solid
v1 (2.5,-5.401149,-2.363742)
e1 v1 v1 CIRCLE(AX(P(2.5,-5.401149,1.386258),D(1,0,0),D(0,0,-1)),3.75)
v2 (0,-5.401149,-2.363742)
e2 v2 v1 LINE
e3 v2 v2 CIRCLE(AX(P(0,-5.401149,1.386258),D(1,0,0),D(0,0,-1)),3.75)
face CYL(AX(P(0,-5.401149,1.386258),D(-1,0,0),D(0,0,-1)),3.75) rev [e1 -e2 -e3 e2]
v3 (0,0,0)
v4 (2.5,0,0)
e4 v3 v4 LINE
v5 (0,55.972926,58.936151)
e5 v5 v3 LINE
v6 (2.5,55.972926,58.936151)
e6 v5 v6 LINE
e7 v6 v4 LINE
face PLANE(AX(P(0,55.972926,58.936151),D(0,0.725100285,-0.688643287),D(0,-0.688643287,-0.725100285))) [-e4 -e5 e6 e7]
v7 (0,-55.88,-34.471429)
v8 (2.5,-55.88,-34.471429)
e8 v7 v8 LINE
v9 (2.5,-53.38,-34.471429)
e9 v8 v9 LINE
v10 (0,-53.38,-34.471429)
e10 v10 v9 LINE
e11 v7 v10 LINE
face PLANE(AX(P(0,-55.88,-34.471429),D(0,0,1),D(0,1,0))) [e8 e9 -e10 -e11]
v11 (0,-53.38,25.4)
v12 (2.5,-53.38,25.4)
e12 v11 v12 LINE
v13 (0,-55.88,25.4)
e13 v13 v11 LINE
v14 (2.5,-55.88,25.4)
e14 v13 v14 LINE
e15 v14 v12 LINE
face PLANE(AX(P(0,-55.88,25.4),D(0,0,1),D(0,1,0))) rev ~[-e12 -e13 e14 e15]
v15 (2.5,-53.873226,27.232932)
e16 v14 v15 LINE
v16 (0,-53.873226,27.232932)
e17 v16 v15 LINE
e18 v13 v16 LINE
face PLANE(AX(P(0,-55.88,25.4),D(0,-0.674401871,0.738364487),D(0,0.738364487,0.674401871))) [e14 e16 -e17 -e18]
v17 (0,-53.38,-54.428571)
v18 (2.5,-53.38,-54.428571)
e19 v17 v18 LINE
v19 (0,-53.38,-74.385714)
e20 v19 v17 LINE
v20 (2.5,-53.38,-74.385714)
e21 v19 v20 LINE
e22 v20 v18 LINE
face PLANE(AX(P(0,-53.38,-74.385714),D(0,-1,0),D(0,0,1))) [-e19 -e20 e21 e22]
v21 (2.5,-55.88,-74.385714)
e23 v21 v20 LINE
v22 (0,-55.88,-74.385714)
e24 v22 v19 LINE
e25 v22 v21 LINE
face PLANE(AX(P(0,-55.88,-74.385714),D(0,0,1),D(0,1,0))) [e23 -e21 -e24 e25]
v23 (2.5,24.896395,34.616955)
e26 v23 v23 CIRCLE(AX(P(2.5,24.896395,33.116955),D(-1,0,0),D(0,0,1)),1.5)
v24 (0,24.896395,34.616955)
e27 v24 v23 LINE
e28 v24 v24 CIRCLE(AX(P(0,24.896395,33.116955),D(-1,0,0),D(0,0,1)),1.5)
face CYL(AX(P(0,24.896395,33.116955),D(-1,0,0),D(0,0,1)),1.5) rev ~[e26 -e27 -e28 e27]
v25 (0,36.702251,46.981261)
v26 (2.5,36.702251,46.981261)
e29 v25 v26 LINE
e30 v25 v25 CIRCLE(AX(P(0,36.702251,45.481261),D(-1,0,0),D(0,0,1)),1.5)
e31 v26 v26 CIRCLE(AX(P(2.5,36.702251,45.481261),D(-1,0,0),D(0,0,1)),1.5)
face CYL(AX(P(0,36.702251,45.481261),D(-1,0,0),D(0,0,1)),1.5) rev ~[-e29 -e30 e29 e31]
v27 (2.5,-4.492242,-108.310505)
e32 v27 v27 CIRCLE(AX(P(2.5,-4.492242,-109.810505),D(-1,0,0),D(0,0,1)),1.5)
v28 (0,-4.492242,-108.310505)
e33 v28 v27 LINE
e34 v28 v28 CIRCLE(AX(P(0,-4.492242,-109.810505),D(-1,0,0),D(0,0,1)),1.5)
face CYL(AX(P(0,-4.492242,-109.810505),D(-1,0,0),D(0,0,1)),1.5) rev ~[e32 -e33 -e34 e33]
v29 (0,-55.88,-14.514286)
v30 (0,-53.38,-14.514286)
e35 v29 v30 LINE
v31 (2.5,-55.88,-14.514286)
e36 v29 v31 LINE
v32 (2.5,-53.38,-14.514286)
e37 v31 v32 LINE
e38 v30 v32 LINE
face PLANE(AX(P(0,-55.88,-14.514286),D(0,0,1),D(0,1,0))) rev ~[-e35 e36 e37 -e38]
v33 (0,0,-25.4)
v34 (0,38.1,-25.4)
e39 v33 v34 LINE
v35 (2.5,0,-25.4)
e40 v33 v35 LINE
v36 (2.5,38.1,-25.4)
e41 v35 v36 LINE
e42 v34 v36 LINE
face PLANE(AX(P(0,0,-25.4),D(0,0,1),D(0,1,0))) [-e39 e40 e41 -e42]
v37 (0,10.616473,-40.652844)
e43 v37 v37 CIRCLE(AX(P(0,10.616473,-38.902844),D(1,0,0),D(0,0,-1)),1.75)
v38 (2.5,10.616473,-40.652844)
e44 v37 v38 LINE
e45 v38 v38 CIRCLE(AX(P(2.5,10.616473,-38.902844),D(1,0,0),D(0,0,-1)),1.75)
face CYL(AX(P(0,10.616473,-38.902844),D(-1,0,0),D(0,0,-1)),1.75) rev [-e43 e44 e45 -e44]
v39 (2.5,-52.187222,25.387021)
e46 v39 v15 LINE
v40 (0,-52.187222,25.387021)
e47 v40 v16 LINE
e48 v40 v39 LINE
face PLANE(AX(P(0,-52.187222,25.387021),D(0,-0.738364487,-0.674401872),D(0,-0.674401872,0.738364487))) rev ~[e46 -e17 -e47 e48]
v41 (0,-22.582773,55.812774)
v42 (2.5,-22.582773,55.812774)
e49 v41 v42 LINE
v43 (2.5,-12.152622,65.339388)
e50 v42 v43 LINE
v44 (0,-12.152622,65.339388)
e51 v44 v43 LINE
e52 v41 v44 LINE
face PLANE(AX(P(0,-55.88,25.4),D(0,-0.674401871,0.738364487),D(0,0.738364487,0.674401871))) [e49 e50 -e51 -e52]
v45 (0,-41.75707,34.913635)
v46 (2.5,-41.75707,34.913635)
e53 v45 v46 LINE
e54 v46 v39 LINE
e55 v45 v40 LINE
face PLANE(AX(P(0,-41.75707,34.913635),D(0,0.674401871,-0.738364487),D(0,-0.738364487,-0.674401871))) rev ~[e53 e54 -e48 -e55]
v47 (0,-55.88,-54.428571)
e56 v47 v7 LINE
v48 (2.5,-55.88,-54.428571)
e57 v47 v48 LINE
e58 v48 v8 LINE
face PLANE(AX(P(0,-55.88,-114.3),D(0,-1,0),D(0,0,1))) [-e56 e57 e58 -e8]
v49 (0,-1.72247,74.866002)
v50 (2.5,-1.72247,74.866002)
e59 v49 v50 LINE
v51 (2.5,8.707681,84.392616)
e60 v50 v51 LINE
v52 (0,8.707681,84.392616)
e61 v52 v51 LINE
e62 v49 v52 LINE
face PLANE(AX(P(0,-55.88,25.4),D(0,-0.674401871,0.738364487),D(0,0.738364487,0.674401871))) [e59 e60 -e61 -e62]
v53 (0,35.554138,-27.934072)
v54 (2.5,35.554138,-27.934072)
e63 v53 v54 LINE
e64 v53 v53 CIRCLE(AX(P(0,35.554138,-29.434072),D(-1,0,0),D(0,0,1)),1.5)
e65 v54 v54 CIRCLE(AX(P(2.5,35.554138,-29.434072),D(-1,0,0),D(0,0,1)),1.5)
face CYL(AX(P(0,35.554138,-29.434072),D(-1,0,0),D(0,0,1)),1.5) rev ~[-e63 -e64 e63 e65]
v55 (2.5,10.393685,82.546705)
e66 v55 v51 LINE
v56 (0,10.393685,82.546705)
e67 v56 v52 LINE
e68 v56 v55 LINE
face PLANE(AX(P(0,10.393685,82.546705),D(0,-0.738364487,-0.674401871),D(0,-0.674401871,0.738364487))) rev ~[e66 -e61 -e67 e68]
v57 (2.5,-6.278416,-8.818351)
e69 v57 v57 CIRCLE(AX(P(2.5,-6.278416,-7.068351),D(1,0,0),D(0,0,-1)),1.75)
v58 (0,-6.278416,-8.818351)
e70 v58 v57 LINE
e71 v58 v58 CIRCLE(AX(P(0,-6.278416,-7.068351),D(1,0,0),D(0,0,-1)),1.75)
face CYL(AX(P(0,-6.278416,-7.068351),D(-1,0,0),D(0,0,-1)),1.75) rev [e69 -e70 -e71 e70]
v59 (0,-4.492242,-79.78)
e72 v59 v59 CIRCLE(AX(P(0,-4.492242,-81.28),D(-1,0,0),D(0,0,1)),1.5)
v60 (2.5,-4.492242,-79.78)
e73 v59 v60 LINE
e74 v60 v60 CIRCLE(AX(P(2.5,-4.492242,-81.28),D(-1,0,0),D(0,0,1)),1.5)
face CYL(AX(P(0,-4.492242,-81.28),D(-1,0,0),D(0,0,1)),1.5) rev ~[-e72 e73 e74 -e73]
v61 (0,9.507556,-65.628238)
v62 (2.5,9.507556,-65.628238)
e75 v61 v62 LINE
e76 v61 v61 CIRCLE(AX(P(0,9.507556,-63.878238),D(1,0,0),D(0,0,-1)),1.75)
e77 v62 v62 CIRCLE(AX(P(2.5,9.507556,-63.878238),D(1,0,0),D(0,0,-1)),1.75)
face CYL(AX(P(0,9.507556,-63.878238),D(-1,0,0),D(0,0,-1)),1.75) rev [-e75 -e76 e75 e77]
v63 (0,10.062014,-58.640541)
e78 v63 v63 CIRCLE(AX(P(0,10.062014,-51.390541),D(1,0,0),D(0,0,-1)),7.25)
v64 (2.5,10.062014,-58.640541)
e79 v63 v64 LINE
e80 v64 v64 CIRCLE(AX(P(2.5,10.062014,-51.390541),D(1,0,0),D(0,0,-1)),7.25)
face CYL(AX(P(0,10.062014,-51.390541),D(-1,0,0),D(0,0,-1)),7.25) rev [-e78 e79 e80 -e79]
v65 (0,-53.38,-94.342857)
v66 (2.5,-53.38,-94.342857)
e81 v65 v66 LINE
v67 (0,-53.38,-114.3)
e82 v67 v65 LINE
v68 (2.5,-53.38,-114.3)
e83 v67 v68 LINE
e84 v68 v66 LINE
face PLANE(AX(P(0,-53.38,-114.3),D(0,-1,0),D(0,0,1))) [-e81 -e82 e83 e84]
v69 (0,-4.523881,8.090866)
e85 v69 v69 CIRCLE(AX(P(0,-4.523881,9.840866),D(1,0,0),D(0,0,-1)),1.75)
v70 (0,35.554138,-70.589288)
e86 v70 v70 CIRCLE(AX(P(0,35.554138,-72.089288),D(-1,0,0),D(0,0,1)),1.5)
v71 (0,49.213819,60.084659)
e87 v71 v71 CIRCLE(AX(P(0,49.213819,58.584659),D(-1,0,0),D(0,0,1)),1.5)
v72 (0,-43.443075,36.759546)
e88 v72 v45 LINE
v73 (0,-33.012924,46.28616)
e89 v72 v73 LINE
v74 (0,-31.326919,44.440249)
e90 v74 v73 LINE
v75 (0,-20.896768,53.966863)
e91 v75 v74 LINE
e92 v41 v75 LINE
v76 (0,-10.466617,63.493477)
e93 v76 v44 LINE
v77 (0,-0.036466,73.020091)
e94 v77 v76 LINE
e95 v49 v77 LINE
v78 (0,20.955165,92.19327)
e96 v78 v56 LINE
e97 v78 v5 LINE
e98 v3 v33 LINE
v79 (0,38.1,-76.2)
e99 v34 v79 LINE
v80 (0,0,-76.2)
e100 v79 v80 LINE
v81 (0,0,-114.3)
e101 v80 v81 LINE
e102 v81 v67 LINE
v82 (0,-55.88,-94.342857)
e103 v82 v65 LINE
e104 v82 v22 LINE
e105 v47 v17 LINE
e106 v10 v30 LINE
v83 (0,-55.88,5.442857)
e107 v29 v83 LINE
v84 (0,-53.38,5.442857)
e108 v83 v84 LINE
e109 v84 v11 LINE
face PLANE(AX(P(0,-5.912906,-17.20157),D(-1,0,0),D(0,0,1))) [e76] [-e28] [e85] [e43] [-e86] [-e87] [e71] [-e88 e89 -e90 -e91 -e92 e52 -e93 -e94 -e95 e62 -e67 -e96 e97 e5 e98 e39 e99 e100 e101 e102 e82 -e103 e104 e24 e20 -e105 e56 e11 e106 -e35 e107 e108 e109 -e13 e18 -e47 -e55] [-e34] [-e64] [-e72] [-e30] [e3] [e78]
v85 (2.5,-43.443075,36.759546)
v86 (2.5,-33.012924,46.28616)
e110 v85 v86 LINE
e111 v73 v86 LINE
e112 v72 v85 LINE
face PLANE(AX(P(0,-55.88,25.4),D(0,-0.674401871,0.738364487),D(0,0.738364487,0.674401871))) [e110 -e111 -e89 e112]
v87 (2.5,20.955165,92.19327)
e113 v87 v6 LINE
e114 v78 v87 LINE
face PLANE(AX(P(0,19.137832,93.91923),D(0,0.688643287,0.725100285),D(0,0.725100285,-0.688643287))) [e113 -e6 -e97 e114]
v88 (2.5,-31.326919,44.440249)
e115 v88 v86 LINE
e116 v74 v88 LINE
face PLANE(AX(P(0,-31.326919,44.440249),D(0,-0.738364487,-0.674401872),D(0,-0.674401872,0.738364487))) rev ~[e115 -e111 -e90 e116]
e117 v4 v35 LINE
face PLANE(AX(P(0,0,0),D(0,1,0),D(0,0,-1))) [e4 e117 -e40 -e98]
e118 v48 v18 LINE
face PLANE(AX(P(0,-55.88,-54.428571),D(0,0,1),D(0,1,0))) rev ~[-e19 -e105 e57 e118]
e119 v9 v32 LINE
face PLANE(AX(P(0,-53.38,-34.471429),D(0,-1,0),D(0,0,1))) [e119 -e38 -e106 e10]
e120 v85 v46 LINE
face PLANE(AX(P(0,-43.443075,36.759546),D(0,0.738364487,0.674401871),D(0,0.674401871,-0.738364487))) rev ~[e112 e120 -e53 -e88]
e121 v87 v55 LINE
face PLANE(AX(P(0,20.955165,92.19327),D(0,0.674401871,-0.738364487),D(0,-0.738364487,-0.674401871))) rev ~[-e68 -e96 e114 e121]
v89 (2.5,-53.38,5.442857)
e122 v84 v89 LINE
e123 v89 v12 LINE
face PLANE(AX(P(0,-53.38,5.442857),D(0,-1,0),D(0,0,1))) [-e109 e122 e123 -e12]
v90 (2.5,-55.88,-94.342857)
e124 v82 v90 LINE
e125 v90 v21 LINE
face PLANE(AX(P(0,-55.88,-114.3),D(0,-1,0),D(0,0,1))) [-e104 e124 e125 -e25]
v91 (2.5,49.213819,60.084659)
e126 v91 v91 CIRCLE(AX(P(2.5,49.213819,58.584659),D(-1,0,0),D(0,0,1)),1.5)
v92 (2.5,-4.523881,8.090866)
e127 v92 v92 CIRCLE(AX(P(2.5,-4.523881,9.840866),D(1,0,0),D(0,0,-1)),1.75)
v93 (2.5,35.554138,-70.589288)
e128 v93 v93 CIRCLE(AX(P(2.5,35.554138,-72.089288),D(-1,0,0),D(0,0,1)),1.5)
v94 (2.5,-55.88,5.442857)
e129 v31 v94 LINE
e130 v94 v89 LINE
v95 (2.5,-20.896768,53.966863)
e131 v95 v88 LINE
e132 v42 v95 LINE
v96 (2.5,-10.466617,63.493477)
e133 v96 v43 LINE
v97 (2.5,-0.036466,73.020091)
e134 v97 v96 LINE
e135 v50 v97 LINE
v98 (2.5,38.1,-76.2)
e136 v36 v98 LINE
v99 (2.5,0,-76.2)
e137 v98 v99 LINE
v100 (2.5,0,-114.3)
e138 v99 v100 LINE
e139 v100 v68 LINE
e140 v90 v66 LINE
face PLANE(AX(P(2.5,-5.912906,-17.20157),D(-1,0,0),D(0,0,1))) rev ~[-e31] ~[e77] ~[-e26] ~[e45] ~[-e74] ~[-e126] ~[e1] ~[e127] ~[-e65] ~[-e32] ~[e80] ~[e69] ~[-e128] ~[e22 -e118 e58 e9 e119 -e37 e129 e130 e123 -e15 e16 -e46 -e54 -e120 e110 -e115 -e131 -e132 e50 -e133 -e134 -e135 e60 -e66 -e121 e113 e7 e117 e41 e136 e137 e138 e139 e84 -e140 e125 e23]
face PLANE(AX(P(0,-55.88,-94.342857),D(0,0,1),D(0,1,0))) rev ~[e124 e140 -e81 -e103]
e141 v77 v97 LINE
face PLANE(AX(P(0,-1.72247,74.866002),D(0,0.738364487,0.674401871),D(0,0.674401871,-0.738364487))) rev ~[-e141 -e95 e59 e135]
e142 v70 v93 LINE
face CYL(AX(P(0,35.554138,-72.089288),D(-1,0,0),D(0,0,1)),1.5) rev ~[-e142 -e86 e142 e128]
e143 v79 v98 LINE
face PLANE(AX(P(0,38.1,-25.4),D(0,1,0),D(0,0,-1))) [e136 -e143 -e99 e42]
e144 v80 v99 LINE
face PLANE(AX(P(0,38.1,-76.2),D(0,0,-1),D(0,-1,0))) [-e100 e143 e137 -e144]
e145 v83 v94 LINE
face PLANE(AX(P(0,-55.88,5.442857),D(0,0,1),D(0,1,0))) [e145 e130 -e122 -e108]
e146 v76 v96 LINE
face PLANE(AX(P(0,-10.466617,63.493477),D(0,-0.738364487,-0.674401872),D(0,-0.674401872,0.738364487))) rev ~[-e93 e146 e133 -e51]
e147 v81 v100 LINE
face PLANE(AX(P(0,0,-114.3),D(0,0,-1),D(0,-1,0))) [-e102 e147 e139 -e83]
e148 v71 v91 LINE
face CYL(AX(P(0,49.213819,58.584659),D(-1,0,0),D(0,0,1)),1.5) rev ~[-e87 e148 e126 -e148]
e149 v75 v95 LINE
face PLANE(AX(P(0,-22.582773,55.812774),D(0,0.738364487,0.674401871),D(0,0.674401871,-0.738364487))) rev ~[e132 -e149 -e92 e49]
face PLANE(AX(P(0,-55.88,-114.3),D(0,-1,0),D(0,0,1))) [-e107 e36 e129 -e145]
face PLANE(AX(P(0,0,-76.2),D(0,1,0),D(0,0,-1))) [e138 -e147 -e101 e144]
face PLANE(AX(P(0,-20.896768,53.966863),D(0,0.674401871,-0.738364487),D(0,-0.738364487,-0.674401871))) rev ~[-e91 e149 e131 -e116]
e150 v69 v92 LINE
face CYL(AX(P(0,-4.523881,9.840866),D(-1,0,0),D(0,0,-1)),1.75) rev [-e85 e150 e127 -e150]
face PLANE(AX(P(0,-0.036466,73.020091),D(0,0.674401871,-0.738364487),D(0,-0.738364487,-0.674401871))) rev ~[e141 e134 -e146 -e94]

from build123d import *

# Parameters (mm, degrees)
SKETCH1_R           = 1.75
SKETCH1_R_2         = 3.75
SKETCH1_R_3         = 7.25
BOSS_EXTRUDE1_DEPTH = 2.5
SKETCH2_R           = 1.5
CUT_EXTRUDE1_DEPTH  = 45.72
SKETCH3_W           = 19.957142857
SKETCH3_H           = 2.5
CUT_EXTRUDE2_DEPTH  = 2.54
CUT_EXTRUDE3_DEPTH  = 2.54


with BuildPart() as part:
    # Sketch1 → Boss-Extrude1 (new body)
    with BuildSketch(Plane(origin=(0, 0, 0), x_dir=(0, 0, -1), z_dir=(1, 0, 0))):
        Polygon((0, 0), (25.4, 0), (25.4, 38.1), (76.2, 38.1), (76.2, 0), (114.3, 0), (114.3, -55.88), (-25.4, -55.88), (-93.919230144, 19.137831884), (-58.936151167, 55.972926363), align=None)
        with Locations((-9.840865869, -4.523881045)):
            Circle(SKETCH1_R, mode=Mode.SUBTRACT)
        with Locations((-1.386257564, -5.40114863)):
            Circle(SKETCH1_R_2, mode=Mode.SUBTRACT)
        with Locations((7.06835074, -6.278416216)):
            Circle(SKETCH1_R, mode=Mode.SUBTRACT)
        with Locations((51.390541055, 10.062014111)):
            Circle(SKETCH1_R_3, mode=Mode.SUBTRACT)
        with Locations((38.902844079, 10.616472631)):
            Circle(SKETCH1_R, mode=Mode.SUBTRACT)
        with Locations((63.87823803, 9.507555591)):
            Circle(SKETCH1_R, mode=Mode.SUBTRACT)
    extrude(amount=BOSS_EXTRUDE1_DEPTH)

    # Sketch2 → Cut-Extrude1 (cut)
    with BuildSketch(Plane.ZY):
        with Locations((-72.089288217, 35.554137698)):
            Circle(SKETCH2_R)
        with Locations((-29.434072146, 35.554137698)):
            Circle(SKETCH2_R)
        with Locations((-109.810505414, -4.492241592)):
            Circle(SKETCH2_R)
        with Locations((-81.28, -4.492241592)):
            Circle(SKETCH2_R)
        with Locations((58.584658566, 49.213818775)):
            Circle(SKETCH2_R)
        with Locations((45.481260754, 36.702251461)):
            Circle(SKETCH2_R)
        with Locations((33.116955359, 24.896394578)):
            Circle(SKETCH2_R)
    extrude(amount=-CUT_EXTRUDE1_DEPTH, mode=Mode.SUBTRACT)

    # Sketch3 → Cut-Extrude2 (cut)
    with BuildSketch(Plane.ZY):
        with Locations((-104.321428572, -54.63)):
            Rectangle(SKETCH3_W, SKETCH3_H)
        with Locations((-64.407142858, -54.63)):
            Rectangle(SKETCH3_W, SKETCH3_H)
        with Locations((-24.492857143, -54.63)):
            Rectangle(SKETCH3_W, SKETCH3_H)
        with Locations((15.421428572, -54.63)):
            Rectangle(SKETCH3_W, SKETCH3_H)
    extrude(amount=-CUT_EXTRUDE2_DEPTH, mode=Mode.SUBTRACT)

    # Sketch4 → Cut-Extrude3 (cut)
    with BuildSketch(Plane.ZY):
        Polygon((27.232932154, -53.873226195), (36.759546153, -43.443075041), (34.913634935, -41.757070362), (25.387020937, -52.187221516), align=None)
        Polygon((44.440248934, -31.326919208), (46.286160151, -33.012923887), (55.81277415, -22.582772733), (53.966862932, -20.896768054), align=None)
        Polygon((63.493476931, -10.4666169), (65.339388148, -12.152621579), (74.866002147, -1.722470425), (73.020090929, -0.036465746), align=None)
        Polygon((82.546704928, 10.393685408), (84.392616145, 8.70768073), (93.919230144, 19.137831884), (92.193270327, 20.955164571), align=None)
    extrude(amount=-CUT_EXTRUDE3_DEPTH, mode=Mode.SUBTRACT)


solid = part.part
